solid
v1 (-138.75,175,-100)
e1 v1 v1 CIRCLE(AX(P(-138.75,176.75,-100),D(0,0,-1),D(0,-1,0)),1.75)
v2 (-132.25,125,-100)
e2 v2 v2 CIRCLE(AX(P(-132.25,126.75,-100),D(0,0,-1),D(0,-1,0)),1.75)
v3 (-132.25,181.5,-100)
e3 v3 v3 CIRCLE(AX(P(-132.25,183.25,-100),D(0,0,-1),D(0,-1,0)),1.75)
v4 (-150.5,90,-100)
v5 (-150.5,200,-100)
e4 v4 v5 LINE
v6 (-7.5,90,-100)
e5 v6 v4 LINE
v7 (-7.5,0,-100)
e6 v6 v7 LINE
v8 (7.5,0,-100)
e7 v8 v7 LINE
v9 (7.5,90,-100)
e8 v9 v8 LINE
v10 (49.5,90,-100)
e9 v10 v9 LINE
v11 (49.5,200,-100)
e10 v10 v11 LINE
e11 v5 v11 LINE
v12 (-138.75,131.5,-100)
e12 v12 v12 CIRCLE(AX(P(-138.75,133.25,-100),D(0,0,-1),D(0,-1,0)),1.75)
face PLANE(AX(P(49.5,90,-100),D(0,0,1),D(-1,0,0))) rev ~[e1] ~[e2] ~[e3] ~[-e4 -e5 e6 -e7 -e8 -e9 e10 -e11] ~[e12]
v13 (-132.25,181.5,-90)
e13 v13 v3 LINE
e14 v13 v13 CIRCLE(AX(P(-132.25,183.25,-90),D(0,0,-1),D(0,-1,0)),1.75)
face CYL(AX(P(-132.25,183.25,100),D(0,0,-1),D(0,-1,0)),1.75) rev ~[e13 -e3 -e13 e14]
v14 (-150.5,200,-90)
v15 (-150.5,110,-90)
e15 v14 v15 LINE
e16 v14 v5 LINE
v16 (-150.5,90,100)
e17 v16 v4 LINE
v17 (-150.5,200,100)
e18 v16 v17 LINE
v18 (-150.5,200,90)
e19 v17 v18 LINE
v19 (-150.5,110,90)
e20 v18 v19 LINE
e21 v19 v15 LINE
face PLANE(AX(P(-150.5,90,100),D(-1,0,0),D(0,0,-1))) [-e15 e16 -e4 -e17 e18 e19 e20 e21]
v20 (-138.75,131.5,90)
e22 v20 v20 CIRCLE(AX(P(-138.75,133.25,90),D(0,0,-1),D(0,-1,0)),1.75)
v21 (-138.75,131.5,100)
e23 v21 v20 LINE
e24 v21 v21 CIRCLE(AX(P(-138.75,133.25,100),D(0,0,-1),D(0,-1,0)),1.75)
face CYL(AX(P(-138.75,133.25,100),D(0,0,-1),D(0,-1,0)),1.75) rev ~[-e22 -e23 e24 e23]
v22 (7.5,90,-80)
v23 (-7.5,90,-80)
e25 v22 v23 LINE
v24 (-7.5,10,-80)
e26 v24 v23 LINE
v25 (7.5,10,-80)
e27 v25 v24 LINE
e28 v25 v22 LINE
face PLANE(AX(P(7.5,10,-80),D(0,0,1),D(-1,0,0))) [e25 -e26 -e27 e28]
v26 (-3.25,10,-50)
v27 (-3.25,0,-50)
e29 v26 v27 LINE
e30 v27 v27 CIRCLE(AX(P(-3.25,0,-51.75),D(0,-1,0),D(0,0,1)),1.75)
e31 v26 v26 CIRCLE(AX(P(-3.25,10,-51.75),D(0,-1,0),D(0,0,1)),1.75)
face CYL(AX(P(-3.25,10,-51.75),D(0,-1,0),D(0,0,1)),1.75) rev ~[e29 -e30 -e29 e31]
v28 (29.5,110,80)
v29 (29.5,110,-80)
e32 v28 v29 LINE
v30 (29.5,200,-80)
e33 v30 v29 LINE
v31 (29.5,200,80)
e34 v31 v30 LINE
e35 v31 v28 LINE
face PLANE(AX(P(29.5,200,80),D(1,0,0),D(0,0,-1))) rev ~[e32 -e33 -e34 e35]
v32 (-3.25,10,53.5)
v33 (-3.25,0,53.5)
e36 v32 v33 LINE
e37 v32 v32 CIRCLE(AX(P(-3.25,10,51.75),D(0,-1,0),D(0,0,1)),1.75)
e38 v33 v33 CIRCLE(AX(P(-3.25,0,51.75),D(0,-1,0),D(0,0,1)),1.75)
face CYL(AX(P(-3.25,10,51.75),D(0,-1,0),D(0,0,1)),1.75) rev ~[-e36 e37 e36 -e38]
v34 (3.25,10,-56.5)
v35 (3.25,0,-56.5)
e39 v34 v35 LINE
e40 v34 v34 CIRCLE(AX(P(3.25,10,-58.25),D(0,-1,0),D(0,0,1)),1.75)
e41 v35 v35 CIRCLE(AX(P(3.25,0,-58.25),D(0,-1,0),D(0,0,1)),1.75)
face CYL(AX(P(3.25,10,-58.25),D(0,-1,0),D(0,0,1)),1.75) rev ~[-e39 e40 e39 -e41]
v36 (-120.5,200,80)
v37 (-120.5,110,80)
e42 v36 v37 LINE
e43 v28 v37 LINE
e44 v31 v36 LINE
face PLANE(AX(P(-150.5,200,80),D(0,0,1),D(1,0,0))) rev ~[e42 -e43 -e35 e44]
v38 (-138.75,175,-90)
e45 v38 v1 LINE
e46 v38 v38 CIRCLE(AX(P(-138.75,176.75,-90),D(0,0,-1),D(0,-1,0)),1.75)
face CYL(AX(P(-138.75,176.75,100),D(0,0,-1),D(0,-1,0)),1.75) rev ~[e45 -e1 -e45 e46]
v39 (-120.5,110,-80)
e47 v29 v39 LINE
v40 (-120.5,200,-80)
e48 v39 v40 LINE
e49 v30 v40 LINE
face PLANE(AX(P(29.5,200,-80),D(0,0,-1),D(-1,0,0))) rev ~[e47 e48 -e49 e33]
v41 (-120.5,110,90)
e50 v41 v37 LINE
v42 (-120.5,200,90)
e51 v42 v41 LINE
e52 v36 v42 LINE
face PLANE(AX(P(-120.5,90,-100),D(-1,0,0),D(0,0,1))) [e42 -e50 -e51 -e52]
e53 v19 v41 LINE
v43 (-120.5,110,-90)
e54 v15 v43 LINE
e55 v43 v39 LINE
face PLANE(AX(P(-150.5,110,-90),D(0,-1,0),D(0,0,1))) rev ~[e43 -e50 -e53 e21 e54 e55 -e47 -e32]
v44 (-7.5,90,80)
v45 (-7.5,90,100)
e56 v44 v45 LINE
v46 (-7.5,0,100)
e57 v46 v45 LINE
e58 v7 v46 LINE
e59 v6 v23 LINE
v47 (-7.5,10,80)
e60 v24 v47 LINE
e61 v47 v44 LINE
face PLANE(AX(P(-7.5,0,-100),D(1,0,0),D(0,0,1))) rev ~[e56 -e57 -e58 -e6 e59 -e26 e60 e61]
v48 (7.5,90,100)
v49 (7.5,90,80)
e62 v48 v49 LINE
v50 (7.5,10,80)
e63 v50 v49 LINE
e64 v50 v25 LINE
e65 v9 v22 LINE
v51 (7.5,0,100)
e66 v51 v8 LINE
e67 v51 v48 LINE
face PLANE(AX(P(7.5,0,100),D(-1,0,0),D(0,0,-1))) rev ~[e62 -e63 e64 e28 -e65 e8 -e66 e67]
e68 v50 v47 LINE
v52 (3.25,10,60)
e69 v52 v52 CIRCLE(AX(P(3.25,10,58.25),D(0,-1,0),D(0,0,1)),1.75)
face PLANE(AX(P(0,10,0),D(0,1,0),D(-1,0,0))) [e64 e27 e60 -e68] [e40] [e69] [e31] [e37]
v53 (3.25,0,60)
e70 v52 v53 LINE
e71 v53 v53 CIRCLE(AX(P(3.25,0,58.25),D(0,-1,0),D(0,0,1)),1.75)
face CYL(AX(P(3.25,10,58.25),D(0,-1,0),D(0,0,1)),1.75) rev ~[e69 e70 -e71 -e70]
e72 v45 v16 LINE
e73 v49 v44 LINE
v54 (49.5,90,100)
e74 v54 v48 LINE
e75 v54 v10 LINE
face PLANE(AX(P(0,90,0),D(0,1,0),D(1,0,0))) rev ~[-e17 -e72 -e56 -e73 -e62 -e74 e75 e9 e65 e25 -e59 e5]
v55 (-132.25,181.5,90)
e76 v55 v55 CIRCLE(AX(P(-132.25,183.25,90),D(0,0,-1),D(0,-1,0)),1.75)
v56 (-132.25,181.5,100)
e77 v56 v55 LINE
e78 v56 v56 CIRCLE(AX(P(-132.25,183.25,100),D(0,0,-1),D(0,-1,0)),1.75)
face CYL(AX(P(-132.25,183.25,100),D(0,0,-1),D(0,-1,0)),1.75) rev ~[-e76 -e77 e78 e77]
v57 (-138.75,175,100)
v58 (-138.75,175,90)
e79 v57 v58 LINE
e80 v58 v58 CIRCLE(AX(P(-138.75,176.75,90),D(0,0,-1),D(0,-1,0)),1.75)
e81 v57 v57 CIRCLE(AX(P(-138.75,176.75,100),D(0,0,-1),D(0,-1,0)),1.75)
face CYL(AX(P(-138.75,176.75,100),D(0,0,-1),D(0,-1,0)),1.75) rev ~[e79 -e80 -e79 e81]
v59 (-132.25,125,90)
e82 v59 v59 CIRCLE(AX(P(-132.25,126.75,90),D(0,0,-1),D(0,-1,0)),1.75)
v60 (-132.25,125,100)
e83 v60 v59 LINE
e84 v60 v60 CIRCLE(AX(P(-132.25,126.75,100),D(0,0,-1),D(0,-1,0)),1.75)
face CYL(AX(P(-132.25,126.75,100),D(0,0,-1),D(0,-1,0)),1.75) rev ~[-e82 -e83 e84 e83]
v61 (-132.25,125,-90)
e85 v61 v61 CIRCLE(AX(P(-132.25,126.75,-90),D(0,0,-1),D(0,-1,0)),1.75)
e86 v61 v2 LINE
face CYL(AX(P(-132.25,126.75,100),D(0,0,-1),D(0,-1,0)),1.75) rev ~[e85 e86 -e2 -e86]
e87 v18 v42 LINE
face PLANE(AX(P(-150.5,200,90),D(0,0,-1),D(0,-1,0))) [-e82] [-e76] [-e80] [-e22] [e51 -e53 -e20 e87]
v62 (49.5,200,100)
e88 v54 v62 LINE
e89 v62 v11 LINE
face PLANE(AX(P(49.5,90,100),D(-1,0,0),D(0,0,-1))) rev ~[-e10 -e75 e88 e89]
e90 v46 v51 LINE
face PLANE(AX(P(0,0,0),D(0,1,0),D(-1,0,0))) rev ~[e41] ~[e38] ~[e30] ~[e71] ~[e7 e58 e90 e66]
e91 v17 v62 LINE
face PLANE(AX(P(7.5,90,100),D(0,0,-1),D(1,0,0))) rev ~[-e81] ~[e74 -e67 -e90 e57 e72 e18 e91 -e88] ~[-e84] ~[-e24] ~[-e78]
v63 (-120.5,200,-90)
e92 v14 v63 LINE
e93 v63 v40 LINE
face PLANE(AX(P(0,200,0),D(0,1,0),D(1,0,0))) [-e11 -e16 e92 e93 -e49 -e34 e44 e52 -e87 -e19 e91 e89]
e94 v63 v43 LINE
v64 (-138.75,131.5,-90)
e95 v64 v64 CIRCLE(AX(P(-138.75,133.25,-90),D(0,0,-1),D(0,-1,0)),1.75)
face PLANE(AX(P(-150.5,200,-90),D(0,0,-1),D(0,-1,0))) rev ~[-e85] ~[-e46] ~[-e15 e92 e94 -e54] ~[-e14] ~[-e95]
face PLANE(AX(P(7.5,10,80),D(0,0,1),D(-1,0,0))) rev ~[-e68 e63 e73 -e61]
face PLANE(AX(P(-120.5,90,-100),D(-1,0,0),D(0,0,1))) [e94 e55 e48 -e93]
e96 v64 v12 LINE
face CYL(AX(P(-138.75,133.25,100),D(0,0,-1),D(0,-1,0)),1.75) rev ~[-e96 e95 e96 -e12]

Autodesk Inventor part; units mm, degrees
ref_plane "YZ Plane" through (0, 0, 0) normal (1, 0, 0) x (0, 1, 0)
ref_plane "XZ Plane" through (0, 0, 0) normal (0, 1, 0) x (-1, 0, 0)
ref_plane "XY Plane" through (0, 0, 0) normal (0, 0, 1) x (1, 0, 0)
sketch "Boceto2" plane through (0, 0, 0) normal (0, 1, 0) x (-1, 0, 0)
  line L0 (7.5, 100) -> (-7.5, 100)
  line L1 (-7.5, 100) -> (-7.5, -100)
  line L2 (-7.5, -100) -> (7.5, -100)
  line L3 (7.5, -100) -> (7.5, 100)
  line L4 (7.5, 100) -> (-7.5, -100) construction
  line L5 (-7.5, 100) -> (7.5, -100) construction
  point P0 (0, 0)
  dimension "d7" = 15
  dimension "d8" = 200
extrude "Extrusión1" add sketch "Boceto2" along normal blind 10
sketch "Boceto3" plane through (0, 10, 0) normal (0, 1, 0) x (1, 0, 0)
  circle A0 centre (3.25, 58.25) radius 1.75
  line L0 (5, 50) -> (-5, 50)
  line L1 (-5, 50) -> (-5, 60)
  line L2 (-5, 60) -> (5, 60)
  line L3 (5, 60) -> (5, 50)
  line L4 (5, 50) -> (-5, 60) construction
  line L5 (-5, 50) -> (5, 60) construction
  circle A1 centre (-3.25, 51.75) radius 1.75
  line L6 (7.5, 100) -> (-7.5, 100) projected
  line L7 (-7.5, 0) -> (3.408, 0)
  line L8 (5, -60) -> (5, -50)
  line L9 (-5, -60) -> (5, -60)
  line L10 (5, -50) -> (-5, -50)
  line L11 (-5, -50) -> (-5, -60)
  line L12 (-5, -50) -> (5, -60) construction
  circle A2 centre (-3.25, -51.75) radius 1.75
  line L13 (5, -50) -> (-5, -60) construction
  circle A3 centre (3.25, -58.25) radius 1.75
  line L14 (-7.5, -100) -> (7.5, -100) projected
  point P0 (0, 0)
  point P1 (-5, 55)
  point P2 (0, 100)
  point P3 (-5, -55)
  dimension "d11" = 3.5
  dimension "d12" = 1.75
  dimension "d13" = 1.75
  dimension "d14" = 1.75
  dimension "d15" = 1.75
  dimension "d16" = 10
  dimension "d17" = 10
  dimension "d19" = 40
  dimension "d81" = 40
hole "Agujero1" at (3.25, 10, 58.25) at (-3.25, 10, 51.75) at (3.25, 10, -58.25) at (-3.25, 10, -51.75) direction (0, -1, 0) diameter 3.5 end through all
sketch "Boceto4" plane through (0, 10, 0) normal (0, 1, 0) x (1, 0, 0)
  line L0 (-7.5, 100) -> (-7.5, -100) projected
  line L1 (-7.5, -100) -> (7.5, -100)
  line L2 (7.5, -100) -> (7.5, -80)
  line L3 (7.5, -80) -> (-7.5, -80)
  line L4 (-7.5, -80) -> (-7.5, -100)
  line L5 (-7.5, 0) -> (1.0116, 0)
  line L6 (-7.5, -100) -> (-7.5, 100)
  line L7 (-7.5, 100) -> (7.5, 100)
  line L8 (7.5, 100) -> (7.5, 80)
  line L9 (7.5, 80) -> (-7.5, 80)
  line L10 (-7.5, 80) -> (-7.5, 100)
  point P0 (0, 0)
  point P1 (-7.5, -80)
  point P2 (-7.5, 80)
  dimension "d27" = 15
  dimension "d28" = 20
extrude "Extrusión2" add sketch "Boceto4" along normal blind 80
sketch "Boceto5" plane through (0, 90, 0) normal (0, 1, 0) x (1, 0, 0)
  line L0 (-7.5, -100) -> (7.5, -100) projected
  line L1 (-7.5, -100) -> (49.5, -100)
  line L2 (49.5, -100) -> (49.5, 100)
  line L3 (49.5, 100) -> (-7.5, 100)
  line L4 (-7.5, 100) -> (-7.5, -100)
  line L5 (49.5, -100) -> (-150.5, -100)
  line L6 (-150.5, -100) -> (-150.5, 100)
  line L7 (-150.5, 100) -> (49.5, 100)
  line L8 (49.5, 100) -> (49.5, -100)
  point P0 (0, 0)
  point P1 (-7.5, 100)
  dimension "d31" = 57
  dimension "d32" = 200
  dimension "d75" = 200
extrude "Extrusión3" add sketch "Boceto5" along normal blind 110
sketch "Boceto6" plane through (0, 200, 0) normal (0, 1, 0) x (1, 0, 0)
  line L0 (49.5, 100) -> (7.5, 100) projected
  line L1 (49.5, 100) -> (29.5, 100)
  line L2 (29.5, 100) -> (29.5, 80)
  line L3 (7.5, -100) -> (49.5, -100) projected
  line L4 (28.5, -100) -> (28.5, -80)
  line L5 (-150.5, 100) -> (-150.5, -100) projected
  line L6 (29.5, 80) -> (-150.5, 80)
  line L7 (-150.5, 80) -> (-150.5, -80)
  line L8 (-150.5, -80) -> (29.5, -80)
  line L9 (29.5, -80) -> (29.5, 80)
  line L10 (-150.5, -100) -> (49.5, -100) projected
  point P0 (7.5, 80)
  point P1 (-50.5, -100)
  dimension "d36" = 20
  dimension "d37" = 20
  dimension "d38" = 20
  dimension "d77" = 20
extrude "Extrusión4" cut sketch "Boceto6" against normal blind 90 contours L8 L5 L6 L9
sketch "Boceto7" plane through (-150.5, 90, -100) normal (-1, 0, 0) x (0, 0, 1)
  line L0 (0, 110) -> (20, 110) projected
  line L1 (20, 110) -> (10, 110)
  line L2 (10, 110) -> (10, 20)
  line L3 (10, 20) -> (20, 20)
  line L4 (20, 20) -> (20, 110)
  line L5 (180, 110) -> (180, 20) projected
  line L6 (180, 110) -> (190, 110)
  line L7 (190, 110) -> (190, 20)
  line L8 (190, 20) -> (180, 20)
  line L9 (180, 20) -> (180, 110)
  line L10 (200, 0) -> (200, 110) projected
  line L11 (0, 0) -> (0, 110) projected
  line L12 (0, 110) -> (10, 110)
  line L13 (10, 110) -> (10, 20)
  line L14 (10, 20) -> (0, 20)
  line L15 (0, 20) -> (0, 110)
  line L16 (200, 110) -> (0, 110) projected
  line L17 (200, 110) -> (190, 110)
  line L18 (190, 110) -> (190, 20)
  line L19 (190, 20) -> (200, 20)
  line L20 (200, 20) -> (200, 110)
  point P0 (100, -90)
  dimension "d63" = 10
  dimension "d65" = 10
  dimension "d76" = 10
extrude "Extrusión5" cut sketch "Boceto7" against normal blind 30 contours L6 L7 L8 L5 | L0 L4 L3 L2
sketch "Boceto8" plane through (-7.5, 0, 100) normal (0, 0, 1) x (1, 0, 0)
  line L0 (-113, 110) -> (-113, 200) projected
  line L1 (-113, 200) -> (-113, 110)
  circle A0 centre (-124.75, 183.25) radius 1.75
  line L2 (-123, 175) -> (-133, 175)
  line L3 (-133, 175) -> (-133, 185)
  line L4 (-133, 185) -> (-123, 185)
  line L5 (-123, 185) -> (-123, 175)
  line L6 (-123, 175) -> (-133, 185) construction
  line L7 (-133, 175) -> (-123, 185) construction
  circle A1 centre (-131.25, 176.75) radius 1.75
  line L8 (-143, 200) -> (57, 200) projected
  line L9 (-143, 90) -> (-143, 200) projected
  line L10 (-113, 155) -> (-128, 155)
  line L11 (-123, 125) -> (-123, 135)
  line L12 (-133, 125) -> (-123, 125)
  line L13 (-123, 135) -> (-133, 125) construction
  line L14 (-123, 135) -> (-133, 135)
  line L15 (-133, 135) -> (-123, 125) construction
  circle A2 centre (-131.25, 133.25) radius 1.75
  line L16 (-133, 135) -> (-133, 125)
  circle A3 centre (-124.75, 126.75) radius 1.75
  line L17 (-143, 110) -> (-113, 110) projected
  point P0 (7.5, 0)
  point P1 (-133, 180)
  point P2 (-123, 180)
  point P3 (-133, 130)
  point P4 (-123, 130)
  dimension "d45" = 3.5
  dimension "d46" = 1.75
  dimension "d47" = 1.75
  dimension "d48" = 1.75
  dimension "d49" = 1.75
  dimension "d50" = 10
  dimension "d51" = 10
  dimension "d52" = 15
  dimension "d53" = 10
  dimension "d54" = 10
  dimension "d55" = 15
hole "Agujero2" at (-132.25, 183.25, 100) at (-138.75, 176.75, 100) at (-138.75, 133.25, 100) at (-132.25, 126.75, 100) direction (0, 0, -1) diameter 3.5 end through all
properties part number "container_front"
